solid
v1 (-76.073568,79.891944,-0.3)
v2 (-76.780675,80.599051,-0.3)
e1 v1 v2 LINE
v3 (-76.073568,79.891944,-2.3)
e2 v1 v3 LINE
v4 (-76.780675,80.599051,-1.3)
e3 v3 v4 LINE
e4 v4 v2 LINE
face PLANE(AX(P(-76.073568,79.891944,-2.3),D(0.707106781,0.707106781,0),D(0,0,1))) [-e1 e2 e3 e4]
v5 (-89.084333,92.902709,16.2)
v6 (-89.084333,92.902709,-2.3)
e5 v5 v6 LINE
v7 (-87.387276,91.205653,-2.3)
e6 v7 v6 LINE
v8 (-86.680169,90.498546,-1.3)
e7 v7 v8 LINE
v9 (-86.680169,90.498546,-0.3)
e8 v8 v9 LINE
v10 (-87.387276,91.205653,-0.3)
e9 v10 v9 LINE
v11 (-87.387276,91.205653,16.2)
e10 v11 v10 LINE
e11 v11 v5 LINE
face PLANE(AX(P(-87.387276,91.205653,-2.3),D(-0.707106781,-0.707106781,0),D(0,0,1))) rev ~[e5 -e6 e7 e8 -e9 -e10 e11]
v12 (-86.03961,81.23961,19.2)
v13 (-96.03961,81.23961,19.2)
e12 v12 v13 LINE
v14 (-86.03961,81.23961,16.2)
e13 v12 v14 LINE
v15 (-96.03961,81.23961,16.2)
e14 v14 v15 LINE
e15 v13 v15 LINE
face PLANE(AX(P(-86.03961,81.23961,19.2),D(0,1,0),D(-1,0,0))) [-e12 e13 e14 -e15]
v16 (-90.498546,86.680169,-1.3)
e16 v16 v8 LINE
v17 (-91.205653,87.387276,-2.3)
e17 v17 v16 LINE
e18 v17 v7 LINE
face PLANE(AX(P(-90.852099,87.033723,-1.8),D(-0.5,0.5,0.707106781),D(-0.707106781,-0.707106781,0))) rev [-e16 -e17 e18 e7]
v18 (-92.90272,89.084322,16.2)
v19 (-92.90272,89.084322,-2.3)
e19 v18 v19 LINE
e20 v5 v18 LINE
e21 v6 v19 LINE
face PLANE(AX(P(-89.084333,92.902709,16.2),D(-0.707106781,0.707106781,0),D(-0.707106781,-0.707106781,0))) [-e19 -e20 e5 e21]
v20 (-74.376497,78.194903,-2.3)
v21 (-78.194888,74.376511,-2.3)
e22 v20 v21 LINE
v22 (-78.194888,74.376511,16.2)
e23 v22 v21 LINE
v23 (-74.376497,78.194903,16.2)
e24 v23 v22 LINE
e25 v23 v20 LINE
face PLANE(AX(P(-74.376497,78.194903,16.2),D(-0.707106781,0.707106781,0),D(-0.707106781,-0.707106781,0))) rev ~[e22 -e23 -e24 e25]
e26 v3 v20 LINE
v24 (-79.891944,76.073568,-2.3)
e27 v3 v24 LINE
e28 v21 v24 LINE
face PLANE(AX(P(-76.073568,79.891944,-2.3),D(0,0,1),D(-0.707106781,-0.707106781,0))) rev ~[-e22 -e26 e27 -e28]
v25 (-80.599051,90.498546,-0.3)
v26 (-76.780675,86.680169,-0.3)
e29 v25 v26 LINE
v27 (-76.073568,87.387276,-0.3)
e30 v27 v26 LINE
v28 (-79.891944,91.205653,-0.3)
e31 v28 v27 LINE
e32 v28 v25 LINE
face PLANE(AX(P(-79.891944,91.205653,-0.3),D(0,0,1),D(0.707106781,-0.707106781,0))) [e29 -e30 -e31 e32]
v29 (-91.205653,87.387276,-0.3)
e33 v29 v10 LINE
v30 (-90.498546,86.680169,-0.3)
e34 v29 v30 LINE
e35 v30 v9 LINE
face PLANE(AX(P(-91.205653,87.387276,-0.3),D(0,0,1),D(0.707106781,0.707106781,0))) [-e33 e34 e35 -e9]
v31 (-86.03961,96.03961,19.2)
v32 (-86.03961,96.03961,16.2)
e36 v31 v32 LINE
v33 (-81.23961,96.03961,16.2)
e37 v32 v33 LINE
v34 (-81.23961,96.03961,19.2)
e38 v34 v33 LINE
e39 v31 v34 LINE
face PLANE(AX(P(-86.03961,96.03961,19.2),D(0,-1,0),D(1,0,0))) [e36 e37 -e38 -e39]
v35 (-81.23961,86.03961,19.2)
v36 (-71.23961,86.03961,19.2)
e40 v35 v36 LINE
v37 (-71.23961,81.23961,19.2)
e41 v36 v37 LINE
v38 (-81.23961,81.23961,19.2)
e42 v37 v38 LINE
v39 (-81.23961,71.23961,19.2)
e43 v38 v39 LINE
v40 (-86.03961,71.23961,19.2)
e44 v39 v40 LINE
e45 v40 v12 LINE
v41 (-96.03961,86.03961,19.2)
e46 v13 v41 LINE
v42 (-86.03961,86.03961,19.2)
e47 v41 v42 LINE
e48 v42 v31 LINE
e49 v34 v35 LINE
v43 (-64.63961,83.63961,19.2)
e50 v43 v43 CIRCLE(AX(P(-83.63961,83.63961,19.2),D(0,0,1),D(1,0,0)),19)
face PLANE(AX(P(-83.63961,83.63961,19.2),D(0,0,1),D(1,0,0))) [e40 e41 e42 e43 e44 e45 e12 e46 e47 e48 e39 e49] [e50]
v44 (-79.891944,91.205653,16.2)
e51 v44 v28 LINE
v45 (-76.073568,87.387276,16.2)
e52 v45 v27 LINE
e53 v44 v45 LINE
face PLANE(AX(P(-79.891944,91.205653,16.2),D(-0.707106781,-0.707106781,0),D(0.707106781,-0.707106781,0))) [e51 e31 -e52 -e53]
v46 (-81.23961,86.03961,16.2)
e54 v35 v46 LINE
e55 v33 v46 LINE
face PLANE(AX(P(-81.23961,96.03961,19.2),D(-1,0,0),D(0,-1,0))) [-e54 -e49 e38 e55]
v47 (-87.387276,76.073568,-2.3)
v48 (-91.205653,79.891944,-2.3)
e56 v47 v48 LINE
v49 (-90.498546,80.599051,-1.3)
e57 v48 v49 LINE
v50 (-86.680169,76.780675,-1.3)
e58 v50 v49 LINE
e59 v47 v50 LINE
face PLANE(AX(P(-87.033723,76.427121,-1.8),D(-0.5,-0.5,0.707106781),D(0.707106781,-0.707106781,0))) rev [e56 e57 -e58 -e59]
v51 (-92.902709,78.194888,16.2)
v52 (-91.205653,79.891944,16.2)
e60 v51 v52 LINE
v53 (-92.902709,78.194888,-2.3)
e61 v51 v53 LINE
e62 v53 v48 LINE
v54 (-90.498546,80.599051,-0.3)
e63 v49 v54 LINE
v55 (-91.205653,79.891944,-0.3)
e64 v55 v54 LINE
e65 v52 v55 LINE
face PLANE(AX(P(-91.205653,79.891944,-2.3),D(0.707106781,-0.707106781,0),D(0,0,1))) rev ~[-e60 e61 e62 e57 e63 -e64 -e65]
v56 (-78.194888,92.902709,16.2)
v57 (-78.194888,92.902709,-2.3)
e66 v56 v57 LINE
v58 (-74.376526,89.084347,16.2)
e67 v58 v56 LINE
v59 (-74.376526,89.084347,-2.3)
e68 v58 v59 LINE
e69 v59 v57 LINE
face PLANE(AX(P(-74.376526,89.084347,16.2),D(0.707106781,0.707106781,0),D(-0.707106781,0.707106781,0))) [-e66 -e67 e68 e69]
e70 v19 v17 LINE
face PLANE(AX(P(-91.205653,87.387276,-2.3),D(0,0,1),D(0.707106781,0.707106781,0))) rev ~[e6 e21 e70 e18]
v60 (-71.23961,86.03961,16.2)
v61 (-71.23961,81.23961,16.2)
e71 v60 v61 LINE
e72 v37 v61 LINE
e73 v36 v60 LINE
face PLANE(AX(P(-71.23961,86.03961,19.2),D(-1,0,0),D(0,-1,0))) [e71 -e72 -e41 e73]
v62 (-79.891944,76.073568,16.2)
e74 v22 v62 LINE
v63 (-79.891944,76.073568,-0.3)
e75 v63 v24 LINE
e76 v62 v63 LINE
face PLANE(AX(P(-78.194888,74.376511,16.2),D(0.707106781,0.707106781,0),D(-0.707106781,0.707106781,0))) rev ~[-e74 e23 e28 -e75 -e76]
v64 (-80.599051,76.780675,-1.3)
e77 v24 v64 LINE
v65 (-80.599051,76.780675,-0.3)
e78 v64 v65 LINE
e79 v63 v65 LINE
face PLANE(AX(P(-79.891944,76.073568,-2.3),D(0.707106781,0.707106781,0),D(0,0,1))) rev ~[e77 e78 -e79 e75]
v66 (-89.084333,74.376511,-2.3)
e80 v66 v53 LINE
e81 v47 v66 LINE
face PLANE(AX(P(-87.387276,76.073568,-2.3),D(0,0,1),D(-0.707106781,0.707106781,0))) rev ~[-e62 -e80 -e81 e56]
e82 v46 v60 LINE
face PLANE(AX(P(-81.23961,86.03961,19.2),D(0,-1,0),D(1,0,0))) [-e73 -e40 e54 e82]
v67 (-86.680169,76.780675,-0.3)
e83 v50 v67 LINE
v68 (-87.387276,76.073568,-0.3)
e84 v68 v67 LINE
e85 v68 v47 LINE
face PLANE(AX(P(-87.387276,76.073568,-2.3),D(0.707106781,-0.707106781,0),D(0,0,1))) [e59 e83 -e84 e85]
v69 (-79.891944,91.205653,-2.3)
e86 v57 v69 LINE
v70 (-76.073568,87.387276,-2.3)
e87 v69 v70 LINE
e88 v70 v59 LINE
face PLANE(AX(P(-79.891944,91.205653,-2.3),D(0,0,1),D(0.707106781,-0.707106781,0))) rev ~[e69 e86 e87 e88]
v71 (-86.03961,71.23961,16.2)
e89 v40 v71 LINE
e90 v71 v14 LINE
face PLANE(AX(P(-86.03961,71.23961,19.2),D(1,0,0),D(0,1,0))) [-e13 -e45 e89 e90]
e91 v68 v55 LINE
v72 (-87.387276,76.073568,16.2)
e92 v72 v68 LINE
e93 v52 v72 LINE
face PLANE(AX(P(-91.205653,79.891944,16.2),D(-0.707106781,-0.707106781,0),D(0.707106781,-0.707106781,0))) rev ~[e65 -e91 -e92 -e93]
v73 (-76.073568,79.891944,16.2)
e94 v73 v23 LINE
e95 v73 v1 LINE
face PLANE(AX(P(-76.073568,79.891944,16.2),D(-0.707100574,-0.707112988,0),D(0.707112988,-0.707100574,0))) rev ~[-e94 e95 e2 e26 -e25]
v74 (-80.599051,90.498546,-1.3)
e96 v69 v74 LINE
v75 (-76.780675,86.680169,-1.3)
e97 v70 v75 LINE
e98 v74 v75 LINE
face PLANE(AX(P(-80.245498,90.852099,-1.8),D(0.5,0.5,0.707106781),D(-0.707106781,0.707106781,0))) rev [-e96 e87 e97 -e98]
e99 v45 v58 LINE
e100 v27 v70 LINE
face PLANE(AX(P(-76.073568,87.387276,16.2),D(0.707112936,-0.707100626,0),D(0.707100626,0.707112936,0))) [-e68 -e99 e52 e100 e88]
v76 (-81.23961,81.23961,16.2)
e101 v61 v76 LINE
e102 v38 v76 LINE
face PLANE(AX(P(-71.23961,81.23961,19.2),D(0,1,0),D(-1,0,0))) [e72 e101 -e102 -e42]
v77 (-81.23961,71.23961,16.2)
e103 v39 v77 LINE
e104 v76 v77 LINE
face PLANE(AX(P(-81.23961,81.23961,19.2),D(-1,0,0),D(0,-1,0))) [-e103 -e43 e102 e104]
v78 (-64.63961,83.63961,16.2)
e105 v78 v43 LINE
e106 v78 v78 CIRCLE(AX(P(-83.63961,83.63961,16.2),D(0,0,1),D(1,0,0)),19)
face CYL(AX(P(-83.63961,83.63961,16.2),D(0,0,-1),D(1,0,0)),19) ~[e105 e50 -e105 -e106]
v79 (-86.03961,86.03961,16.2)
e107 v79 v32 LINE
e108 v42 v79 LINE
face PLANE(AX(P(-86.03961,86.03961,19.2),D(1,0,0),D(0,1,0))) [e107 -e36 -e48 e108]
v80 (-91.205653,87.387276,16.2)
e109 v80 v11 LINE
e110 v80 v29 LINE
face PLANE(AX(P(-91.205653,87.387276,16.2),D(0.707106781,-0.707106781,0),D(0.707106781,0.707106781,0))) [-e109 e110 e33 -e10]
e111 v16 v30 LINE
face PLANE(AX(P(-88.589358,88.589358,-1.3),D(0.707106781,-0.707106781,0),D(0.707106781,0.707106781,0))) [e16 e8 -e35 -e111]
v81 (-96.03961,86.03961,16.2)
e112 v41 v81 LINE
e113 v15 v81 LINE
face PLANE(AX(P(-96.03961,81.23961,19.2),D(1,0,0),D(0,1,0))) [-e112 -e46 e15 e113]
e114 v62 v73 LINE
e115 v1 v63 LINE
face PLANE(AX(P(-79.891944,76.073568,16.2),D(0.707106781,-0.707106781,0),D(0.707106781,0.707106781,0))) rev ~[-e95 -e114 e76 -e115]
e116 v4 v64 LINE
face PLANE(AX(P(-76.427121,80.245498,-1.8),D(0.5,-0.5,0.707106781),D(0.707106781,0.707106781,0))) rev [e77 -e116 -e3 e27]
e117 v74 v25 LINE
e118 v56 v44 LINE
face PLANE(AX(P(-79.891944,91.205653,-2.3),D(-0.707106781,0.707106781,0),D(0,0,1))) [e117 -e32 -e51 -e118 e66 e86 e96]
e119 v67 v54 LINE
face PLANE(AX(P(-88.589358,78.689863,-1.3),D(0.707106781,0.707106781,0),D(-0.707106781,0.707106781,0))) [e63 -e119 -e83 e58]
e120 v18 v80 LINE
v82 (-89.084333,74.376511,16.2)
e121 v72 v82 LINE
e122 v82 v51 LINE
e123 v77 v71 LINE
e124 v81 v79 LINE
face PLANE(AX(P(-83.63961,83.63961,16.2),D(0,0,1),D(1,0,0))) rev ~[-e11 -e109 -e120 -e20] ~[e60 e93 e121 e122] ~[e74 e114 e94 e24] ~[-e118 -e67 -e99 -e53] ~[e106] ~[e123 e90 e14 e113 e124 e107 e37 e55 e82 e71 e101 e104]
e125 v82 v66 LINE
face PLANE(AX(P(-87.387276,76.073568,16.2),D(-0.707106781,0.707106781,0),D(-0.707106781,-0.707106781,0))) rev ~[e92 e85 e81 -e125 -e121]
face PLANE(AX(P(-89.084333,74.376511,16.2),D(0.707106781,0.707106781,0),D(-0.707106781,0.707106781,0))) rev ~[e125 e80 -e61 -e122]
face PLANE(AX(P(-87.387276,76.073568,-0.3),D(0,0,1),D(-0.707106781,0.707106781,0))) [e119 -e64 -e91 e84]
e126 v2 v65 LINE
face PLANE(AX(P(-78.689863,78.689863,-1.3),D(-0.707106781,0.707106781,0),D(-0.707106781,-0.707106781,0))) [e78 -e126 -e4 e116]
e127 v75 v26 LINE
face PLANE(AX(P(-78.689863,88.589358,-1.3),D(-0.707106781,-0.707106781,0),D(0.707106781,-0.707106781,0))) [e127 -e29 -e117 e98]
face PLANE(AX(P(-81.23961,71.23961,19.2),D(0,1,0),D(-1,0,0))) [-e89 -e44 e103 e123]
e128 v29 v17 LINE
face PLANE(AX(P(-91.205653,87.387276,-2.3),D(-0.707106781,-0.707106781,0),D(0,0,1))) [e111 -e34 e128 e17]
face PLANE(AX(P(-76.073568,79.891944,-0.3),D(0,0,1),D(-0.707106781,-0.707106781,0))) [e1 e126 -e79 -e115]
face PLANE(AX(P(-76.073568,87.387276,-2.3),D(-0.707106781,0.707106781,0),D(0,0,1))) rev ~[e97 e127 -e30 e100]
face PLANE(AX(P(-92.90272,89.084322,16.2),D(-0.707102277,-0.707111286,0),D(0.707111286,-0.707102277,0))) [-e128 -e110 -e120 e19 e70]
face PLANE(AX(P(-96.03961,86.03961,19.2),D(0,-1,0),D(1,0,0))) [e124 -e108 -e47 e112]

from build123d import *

# Parameters (mm, degrees)
SKETCH043_R     = 19
PAD026_DEPTH    = 3
PAD027_DEPTH    = 18.5
SKETCH045_W     = 5.4
SKETCH045_H     = 2
PAD028_DEPTH    = 1
SKETCH046_W     = 5.4
SKETCH046_H     = 2
PAD029_DEPTH    = 1
SKETCH047_W     = 5.4
SKETCH047_H     = 2
PAD030_DEPTH    = 1
SKETCH048_W     = 5.4
SKETCH048_H     = 2
PAD031_DEPTH    = 1
POCKET017_DEPTH = 5
CHAMFER_SIZE    = 1
CHAMFER001_SIZE = 1
CHAMFER002_SIZE = 1
CHAMFER003_SIZE = 1


with BuildPart() as part:
    # Sketch043 (on Face61 of Binder008) → Pad026 (new body)
    with BuildSketch(Plane.XY.offset(16.2)):
        with Locations((-83.63961, 83.63961)):
            Circle(SKETCH043_R)
    extrude(amount=PAD026_DEPTH)

    # Sketch044 (on Face2 of Pad026) → Pad027 (join)
    with BuildSketch(Plane(origin=(0, 0, 16.2), x_dir=(1, 0, 0), z_dir=(0, 0, -1))):
        Polygon((-92.9027091403, -78.1948880917), (-91.2056528655, -79.8919443665), (-87.3872762471, -76.0735677481), (-89.0843325219, -74.3765114732), align=None)
        Polygon((-79.8919443665, -76.0735677481), (-76.0735677481, -79.8919443665), (-74.3764965771, -78.1949029878), (-78.1948880917, -74.3765114732), align=None)
        Polygon((-92.9027199513, -89.0843217109), (-91.2056528655, -87.3872762471), (-87.3872762471, -91.2056528655), (-89.0843325219, -92.9027091403), align=None)
        Polygon((-79.8919443665, -91.2056528655), (-76.0735677481, -87.3872762471), (-74.3765262449, -89.0843472936), (-78.1948880917, -92.9027091403), align=None)
    extrude(amount=PAD027_DEPTH)

    # Sketch045 (on Face6 of Pad027) → Pad028 (join)
    with BuildSketch(Plane(origin=(-5.6568542495, -5.6568542495, 0), x_dir=(-0.7071067812, 0.7071067812, 0), z_dir=(0.7071067812, 0.7071067812, 0))):
        with Locations((118.2842712475, -1.3)):
            Rectangle(SKETCH045_W, SKETCH045_H)
    extrude(amount=PAD028_DEPTH)

    # Sketch046 (on Face11 of Pad028) → Pad029 (join)
    with BuildSketch(Plane(origin=(-89.2964645563, 89.2964645563, 0), x_dir=(0.7071067812, 0.7071067812, 0), z_dir=(0.7071067812, -0.7071067812, 0))):
        with Locations((0, -1.3)):
            Rectangle(SKETCH046_W, SKETCH046_H)
    extrude(amount=PAD029_DEPTH)

    # Sketch047 (on Face11 of Pad029) → Pad030 (join)
    with BuildSketch(Plane(origin=(-77.9827560573, 77.9827560573, 0), x_dir=(-0.7071067812, -0.7071067812, 0), z_dir=(-0.7071067812, 0.7071067812, 0))):
        with Locations((0, -1.3)):
            Rectangle(SKETCH047_W, SKETCH047_H)
    extrude(amount=PAD030_DEPTH)

    # Sketch048 (on Face15 of Pad030) → Pad031 (join)
    with BuildSketch(Plane(origin=(5.6568542495, 5.6568542495, 0), x_dir=(0.7071067812, -0.7071067812, 0), z_dir=(-0.7071067812, -0.7071067812, 0))):
        with Locations((-118.2842712475, -1.3)):
            Rectangle(SKETCH048_W, SKETCH048_H)
    extrude(amount=PAD031_DEPTH)

    # Sketch049 (on Face3 of Pad031) → Pocket017 (cut)
    with BuildSketch(Plane.XY.offset(19.2)):
        Polygon((-86.0396103068, 96.0396103068), (-81.2396103068, 96.0396103068), (-81.2396103068, 86.0396103068), (-71.2396103068, 86.0396103068), (-71.2396103068, 81.2396103068), (-81.2396103068, 81.2396103068), (-81.2396103068, 71.2396103068), (-86.0396103068, 71.2396103068), (-86.0396103068, 81.2396103068), (-96.0396103068, 81.2396103068), (-96.0396103068, 86.0396103068), (-86.0396103068, 86.0396103068), align=None)
    extrude(amount=-POCKET017_DEPTH, mode=Mode.SUBTRACT)

    # Chamfer
    chamfer_edges = [part.edges().sort_by_distance(p)[0] for p in [
        (-88.589358, 88.589358, -2.3),
    ]]
    chamfer(chamfer_edges, length=CHAMFER_SIZE)

    # Chamfer001
    chamfer001_edges = [part.edges().sort_by_distance(p)[0] for p in [
        (-78.689863, 88.589358, -2.3),
    ]]
    chamfer(chamfer001_edges, length=CHAMFER001_SIZE)

    # Chamfer002
    chamfer002_edges = [part.edges().sort_by_distance(p)[0] for p in [
        (-88.589358, 78.689863, -2.3),
    ]]
    chamfer(chamfer002_edges, length=CHAMFER002_SIZE)

    # Chamfer003
    chamfer003_edges = [part.edges().sort_by_distance(p)[0] for p in [
        (-78.689863, 78.689863, -2.3),
    ]]
    chamfer(chamfer003_edges, length=CHAMFER003_SIZE)


solid = part.part
